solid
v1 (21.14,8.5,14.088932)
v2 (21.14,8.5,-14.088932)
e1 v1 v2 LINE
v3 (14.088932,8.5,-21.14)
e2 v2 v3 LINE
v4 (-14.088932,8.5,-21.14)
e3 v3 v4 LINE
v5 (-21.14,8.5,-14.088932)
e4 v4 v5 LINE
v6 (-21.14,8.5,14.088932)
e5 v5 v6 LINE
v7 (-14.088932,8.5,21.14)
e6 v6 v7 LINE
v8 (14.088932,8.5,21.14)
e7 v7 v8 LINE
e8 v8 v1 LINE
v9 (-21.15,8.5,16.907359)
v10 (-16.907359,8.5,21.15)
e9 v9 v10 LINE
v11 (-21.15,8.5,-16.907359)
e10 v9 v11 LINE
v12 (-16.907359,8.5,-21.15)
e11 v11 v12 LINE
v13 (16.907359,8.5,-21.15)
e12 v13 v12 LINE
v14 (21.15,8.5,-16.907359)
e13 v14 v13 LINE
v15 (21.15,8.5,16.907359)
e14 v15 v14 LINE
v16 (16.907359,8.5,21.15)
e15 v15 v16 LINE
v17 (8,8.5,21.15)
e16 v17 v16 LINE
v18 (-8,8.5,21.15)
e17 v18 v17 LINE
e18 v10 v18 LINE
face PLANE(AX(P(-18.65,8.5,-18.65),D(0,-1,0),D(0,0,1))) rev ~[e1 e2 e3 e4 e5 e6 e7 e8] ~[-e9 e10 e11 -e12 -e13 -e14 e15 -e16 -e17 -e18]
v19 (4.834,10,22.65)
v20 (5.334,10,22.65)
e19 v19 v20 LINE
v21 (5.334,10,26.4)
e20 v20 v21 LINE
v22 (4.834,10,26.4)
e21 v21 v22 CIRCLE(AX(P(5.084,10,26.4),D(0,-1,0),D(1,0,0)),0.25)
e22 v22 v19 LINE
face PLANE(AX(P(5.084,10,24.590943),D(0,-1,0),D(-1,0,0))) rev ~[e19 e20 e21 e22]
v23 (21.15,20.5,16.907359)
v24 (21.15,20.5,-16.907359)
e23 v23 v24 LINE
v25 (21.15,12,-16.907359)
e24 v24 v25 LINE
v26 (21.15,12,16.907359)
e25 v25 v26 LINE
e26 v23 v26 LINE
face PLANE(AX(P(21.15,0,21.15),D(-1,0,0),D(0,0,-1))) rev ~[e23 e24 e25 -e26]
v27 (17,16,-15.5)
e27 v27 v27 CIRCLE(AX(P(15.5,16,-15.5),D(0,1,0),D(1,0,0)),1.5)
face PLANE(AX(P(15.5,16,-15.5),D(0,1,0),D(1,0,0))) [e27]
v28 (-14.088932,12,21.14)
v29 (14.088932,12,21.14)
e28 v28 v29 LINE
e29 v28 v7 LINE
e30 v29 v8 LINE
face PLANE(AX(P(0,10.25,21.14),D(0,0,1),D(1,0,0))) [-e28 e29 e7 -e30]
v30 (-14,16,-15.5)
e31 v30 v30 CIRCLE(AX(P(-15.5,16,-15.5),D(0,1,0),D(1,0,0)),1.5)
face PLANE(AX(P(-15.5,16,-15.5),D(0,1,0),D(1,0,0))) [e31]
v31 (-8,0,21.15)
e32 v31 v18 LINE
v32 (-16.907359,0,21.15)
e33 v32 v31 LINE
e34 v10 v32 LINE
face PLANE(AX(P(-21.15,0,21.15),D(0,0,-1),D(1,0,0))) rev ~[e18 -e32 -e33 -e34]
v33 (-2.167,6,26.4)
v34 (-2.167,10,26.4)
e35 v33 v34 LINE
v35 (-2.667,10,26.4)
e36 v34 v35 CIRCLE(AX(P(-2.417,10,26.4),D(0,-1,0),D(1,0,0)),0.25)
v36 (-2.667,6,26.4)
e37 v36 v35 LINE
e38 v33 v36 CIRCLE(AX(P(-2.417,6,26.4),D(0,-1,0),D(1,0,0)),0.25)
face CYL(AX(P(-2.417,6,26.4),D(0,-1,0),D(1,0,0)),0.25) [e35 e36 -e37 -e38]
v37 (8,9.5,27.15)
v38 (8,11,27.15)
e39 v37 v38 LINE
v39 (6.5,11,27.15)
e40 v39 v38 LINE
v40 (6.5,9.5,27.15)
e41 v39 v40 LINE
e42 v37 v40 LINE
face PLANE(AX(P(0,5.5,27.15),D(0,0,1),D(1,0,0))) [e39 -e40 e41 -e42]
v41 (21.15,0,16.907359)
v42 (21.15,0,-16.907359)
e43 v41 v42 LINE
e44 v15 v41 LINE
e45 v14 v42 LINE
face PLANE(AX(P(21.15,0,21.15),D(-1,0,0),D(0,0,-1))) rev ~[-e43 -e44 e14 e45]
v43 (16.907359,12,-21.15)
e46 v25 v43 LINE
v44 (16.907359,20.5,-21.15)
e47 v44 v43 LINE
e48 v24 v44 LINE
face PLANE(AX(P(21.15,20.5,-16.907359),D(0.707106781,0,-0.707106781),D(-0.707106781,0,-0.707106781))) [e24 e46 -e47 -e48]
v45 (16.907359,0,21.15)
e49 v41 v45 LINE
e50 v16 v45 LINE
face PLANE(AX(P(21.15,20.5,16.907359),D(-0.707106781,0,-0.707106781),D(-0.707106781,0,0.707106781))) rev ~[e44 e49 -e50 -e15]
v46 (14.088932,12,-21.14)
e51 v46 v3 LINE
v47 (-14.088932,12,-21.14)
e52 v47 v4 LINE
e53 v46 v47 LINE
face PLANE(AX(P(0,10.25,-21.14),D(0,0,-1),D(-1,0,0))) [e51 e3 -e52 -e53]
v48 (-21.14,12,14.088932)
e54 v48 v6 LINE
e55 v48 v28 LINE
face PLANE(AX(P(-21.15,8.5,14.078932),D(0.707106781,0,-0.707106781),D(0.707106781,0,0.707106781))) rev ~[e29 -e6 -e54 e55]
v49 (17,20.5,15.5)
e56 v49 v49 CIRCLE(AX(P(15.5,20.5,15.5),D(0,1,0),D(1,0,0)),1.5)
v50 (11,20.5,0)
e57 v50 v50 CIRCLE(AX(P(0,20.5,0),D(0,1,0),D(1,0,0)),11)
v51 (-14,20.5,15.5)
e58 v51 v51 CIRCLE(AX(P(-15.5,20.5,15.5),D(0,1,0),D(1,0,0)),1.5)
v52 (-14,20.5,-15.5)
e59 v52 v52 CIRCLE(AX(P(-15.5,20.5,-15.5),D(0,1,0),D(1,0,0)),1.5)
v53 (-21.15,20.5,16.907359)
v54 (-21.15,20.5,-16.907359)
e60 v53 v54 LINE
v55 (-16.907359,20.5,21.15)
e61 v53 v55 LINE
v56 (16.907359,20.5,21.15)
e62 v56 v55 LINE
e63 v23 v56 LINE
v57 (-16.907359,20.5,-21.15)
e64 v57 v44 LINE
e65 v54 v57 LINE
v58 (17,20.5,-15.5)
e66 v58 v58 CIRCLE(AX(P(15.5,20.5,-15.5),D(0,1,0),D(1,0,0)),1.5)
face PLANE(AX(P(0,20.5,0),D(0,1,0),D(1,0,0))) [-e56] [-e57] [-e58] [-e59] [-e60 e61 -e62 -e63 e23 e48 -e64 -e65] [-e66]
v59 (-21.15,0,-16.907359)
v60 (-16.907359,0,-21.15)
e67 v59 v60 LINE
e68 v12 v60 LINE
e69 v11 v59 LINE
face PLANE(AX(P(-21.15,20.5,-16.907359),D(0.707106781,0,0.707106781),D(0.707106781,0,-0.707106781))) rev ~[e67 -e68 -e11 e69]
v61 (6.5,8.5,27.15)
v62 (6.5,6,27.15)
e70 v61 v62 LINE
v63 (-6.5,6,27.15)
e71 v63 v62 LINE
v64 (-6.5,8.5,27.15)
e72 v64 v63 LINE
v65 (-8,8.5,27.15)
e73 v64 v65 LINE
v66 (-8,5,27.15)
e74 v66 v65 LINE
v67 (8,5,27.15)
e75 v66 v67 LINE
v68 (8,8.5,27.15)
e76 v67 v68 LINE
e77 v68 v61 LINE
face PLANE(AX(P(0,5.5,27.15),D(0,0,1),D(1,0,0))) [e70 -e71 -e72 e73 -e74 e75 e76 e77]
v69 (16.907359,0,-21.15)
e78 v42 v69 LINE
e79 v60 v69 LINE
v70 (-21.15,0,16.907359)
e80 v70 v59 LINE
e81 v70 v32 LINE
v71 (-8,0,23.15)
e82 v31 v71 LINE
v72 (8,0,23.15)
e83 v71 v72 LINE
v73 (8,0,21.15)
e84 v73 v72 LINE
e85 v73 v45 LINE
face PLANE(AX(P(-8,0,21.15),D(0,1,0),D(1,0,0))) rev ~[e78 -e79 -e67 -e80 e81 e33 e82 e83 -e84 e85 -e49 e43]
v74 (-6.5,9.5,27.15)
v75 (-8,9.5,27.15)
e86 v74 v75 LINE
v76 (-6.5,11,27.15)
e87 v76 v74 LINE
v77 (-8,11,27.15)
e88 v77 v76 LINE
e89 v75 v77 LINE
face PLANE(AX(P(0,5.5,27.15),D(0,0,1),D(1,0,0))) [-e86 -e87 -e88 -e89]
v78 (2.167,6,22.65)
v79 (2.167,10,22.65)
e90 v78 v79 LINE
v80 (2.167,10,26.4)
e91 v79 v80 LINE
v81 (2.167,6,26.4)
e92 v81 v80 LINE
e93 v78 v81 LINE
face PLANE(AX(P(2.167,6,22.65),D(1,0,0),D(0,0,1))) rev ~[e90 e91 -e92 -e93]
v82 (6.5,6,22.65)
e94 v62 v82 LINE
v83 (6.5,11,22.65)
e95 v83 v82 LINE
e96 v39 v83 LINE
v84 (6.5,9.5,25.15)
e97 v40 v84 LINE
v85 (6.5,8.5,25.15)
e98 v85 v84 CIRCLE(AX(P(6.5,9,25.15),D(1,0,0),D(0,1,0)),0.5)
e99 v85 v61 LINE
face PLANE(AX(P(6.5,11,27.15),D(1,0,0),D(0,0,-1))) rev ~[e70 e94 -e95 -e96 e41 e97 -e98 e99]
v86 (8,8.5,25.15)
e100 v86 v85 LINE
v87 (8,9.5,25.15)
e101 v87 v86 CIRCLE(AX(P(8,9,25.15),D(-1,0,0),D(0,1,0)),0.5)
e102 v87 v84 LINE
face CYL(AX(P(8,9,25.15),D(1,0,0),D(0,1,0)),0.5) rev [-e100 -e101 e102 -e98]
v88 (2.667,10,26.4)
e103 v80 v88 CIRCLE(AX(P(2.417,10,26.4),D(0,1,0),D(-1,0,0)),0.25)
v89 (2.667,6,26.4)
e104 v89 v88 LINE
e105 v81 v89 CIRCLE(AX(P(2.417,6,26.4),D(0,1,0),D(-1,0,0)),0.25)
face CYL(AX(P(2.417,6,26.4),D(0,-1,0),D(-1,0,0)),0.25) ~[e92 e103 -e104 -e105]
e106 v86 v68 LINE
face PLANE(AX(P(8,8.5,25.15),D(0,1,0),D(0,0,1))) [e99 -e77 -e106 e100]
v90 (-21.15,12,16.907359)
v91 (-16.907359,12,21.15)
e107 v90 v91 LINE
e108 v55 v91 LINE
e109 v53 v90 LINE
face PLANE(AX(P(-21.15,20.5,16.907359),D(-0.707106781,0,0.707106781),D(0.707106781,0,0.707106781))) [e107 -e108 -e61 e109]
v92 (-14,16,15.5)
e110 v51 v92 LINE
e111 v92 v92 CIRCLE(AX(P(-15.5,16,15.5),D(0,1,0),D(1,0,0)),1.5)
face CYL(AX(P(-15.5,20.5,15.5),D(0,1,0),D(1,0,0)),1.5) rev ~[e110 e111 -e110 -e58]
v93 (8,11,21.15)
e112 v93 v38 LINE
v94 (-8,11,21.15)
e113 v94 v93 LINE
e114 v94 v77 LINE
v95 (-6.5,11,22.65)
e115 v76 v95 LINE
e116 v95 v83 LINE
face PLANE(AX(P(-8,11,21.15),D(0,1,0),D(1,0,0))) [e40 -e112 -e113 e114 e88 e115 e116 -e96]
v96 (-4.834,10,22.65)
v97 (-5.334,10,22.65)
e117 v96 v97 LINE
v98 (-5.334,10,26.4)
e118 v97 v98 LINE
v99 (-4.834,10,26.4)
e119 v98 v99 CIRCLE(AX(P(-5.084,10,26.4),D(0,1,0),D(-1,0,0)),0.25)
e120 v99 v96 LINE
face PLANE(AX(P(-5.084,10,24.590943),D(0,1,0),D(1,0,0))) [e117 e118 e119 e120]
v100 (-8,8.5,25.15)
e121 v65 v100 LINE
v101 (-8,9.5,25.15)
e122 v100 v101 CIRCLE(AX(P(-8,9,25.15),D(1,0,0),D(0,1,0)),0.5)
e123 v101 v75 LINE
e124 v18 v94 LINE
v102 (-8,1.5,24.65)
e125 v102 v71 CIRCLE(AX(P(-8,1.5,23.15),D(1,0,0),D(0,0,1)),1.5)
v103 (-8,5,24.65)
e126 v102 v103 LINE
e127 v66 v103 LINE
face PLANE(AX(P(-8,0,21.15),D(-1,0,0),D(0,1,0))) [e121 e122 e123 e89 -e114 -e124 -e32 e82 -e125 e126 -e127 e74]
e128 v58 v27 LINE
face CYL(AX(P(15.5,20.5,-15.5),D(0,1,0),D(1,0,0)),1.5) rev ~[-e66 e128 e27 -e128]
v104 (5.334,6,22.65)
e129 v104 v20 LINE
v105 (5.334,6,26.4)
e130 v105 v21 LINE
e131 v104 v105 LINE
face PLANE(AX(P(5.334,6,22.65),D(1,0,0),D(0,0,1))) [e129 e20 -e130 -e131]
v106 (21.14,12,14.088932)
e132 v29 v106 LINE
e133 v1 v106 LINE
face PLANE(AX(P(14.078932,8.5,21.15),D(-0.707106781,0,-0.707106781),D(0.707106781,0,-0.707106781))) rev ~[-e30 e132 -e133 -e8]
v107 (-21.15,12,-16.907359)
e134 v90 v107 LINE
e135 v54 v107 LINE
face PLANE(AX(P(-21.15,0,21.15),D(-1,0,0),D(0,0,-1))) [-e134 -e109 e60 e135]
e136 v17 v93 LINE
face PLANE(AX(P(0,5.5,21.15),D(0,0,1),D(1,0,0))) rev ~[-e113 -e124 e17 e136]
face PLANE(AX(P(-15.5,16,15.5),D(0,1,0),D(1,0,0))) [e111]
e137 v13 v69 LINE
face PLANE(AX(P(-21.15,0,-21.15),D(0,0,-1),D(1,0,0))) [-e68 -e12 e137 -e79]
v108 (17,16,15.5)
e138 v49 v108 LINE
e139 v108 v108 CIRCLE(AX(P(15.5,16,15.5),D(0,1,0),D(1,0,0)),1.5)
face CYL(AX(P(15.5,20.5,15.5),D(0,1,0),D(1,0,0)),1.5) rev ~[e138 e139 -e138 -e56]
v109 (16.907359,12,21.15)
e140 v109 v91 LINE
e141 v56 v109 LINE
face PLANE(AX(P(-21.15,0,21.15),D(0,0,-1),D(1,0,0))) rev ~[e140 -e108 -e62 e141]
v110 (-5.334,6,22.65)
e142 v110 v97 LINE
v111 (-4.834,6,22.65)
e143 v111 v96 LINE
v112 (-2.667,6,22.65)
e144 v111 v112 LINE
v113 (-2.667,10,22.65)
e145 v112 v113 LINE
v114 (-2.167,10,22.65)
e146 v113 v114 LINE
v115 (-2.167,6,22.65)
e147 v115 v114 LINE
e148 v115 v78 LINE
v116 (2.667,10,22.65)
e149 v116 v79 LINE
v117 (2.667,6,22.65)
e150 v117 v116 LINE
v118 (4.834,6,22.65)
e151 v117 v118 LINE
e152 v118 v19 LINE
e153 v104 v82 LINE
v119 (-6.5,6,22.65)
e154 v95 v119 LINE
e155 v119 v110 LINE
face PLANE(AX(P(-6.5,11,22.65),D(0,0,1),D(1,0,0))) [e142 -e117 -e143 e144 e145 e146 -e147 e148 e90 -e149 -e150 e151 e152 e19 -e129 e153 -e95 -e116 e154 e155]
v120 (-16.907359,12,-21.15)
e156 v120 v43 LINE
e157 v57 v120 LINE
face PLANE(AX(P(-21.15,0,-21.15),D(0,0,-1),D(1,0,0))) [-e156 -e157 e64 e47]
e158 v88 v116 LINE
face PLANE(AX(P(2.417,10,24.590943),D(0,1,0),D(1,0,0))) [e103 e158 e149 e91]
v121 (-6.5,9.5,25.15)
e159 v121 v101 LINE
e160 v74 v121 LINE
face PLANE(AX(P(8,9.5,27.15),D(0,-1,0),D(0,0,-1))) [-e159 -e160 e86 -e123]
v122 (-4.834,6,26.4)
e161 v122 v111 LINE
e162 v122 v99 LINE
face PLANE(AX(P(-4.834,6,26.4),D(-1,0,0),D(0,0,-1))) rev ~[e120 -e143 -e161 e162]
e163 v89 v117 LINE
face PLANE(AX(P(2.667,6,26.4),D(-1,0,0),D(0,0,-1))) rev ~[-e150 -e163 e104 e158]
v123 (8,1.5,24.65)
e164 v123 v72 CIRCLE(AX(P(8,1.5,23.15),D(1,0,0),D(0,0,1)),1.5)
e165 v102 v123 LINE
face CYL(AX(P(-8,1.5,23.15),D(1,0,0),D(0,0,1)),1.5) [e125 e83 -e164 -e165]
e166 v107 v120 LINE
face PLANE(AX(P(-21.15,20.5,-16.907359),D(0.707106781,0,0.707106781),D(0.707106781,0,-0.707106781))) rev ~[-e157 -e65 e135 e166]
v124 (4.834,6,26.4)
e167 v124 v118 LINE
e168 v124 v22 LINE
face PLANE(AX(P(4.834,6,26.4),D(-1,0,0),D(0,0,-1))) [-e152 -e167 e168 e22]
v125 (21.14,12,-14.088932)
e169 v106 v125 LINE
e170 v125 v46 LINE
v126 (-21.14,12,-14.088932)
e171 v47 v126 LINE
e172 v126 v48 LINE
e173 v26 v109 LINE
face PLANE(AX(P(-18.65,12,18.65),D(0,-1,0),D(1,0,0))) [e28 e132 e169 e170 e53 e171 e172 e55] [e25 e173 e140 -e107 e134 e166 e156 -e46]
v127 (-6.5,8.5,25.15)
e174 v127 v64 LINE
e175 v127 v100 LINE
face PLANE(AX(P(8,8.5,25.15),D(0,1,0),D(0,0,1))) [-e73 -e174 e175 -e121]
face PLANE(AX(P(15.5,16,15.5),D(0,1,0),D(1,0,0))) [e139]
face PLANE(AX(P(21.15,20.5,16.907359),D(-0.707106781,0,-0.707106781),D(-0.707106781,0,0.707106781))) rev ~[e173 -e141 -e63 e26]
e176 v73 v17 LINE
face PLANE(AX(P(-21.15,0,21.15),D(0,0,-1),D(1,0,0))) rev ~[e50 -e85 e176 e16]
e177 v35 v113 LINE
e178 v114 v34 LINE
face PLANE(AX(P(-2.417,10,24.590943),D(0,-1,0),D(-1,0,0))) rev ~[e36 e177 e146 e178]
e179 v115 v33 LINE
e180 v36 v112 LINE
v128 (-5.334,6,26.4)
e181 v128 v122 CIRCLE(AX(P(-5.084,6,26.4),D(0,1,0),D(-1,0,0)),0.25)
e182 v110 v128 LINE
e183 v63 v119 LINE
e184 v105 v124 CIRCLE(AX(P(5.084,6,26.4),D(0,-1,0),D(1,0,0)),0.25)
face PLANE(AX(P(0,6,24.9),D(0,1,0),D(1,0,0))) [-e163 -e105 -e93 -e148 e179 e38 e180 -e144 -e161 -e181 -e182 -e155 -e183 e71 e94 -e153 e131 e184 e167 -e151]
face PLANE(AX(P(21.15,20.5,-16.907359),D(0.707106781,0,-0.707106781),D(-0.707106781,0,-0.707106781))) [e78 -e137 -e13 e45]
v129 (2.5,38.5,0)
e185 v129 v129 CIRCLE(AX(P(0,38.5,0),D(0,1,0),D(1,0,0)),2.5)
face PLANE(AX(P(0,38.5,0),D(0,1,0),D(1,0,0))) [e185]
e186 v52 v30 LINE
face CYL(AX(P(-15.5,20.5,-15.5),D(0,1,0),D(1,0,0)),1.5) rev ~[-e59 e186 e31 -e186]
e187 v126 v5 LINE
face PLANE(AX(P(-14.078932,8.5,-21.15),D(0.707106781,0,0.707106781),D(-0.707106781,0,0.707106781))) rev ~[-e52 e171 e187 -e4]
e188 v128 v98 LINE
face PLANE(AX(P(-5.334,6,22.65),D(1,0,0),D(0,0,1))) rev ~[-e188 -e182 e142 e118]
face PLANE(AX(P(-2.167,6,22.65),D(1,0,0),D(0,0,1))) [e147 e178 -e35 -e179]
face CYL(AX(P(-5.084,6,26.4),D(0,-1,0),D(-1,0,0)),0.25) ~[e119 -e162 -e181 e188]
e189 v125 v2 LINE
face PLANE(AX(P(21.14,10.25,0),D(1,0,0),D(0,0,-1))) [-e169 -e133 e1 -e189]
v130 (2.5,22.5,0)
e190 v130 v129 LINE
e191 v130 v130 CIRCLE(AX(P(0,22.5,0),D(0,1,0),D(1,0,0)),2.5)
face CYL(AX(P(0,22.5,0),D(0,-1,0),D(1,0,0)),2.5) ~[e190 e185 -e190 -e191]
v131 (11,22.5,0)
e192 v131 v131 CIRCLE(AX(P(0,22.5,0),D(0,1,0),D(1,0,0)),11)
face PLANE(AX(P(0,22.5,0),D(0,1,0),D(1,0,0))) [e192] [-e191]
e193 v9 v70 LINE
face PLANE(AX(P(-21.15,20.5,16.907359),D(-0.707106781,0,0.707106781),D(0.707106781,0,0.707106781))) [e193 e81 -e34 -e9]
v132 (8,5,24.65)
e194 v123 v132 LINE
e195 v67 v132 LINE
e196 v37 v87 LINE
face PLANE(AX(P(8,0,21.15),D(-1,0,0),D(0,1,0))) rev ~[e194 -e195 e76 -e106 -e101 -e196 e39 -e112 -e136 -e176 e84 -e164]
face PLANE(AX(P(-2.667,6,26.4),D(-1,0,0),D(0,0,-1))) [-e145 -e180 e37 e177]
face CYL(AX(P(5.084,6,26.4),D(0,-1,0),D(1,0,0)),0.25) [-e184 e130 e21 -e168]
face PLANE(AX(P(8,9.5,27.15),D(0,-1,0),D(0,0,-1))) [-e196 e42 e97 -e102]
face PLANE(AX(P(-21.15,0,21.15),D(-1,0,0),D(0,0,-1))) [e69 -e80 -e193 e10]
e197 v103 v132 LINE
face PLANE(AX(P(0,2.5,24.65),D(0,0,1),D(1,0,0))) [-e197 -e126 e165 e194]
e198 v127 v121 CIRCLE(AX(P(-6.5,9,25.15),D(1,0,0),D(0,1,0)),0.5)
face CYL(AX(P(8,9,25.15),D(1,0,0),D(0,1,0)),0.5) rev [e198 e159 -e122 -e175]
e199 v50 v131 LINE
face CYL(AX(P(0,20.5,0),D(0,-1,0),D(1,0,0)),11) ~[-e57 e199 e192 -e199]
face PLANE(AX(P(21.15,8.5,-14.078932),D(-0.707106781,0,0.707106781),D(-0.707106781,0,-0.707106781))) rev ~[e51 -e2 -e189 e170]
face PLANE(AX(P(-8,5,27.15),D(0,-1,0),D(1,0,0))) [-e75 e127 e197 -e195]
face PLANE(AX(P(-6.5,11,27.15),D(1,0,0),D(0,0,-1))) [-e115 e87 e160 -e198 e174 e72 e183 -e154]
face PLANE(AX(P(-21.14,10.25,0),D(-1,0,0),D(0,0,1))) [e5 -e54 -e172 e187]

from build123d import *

# Parameters (mm, degrees)
SKETCH1_W               = 42.3
SKETCH1_H               = 42.3
BOSS_EXTRUDE1_DEPTH     = 20.5
SKETCH2_R               = 11
BOSS_EXTRUDE2_DEPTH     = 2
SKETCH3_R               = 2.5
BOSS_EXTRUDE3_DEPTH     = 16
CUT_EXTRUDE1_DEPTH      = 19
CUT_EXTRUDE1_DEPTH_BACK = 21.5
SKETCH5_W               = 33.814718626
SKETCH5_H               = 3.5
CUT_EXTRUDE2_DEPTH      = 0.01
CUT_EXTRUDE3_START      = -12
CUT_EXTRUDE3_DEPTH      = 3.5
CIRPATTERN1_COUNT       = 4
SKETCH7_R               = 1.5
CUT_EXTRUDE4_DEPTH      = 4.5
SKETCH8_W               = 16
SKETCH8_H               = 11
BOSS_EXTRUDE4_DEPTH     = 6
SKETCH9_W               = 16
SKETCH9_H               = 5
CUT_EXTRUDE5_DEPTH      = 2.5
FILLET1_R               = 1.5
SKETCH10_W              = 13
SKETCH10_H              = 4.5
CUT_EXTRUDE6_DEPTH      = 5
CUT_EXTRUDE7_DEPTH      = 30.15
BOSS_EXTRUDE5_DEPTH     = 4


with BuildPart() as part:
    # Sketch1 → Boss-Extrude1 (new body)
    with BuildSketch(Plane(origin=(0, 0, 0), x_dir=(1, 0, 0), z_dir=(0, 1, 0))):
        Rectangle(SKETCH1_W, SKETCH1_H)
    extrude(amount=BOSS_EXTRUDE1_DEPTH)

    # Sketch2 → Boss-Extrude2 (add)
    with BuildSketch(Plane(origin=(0, 20.5, 0), x_dir=(1, 0, 0), z_dir=(0, 1, 0))):
        Circle(SKETCH2_R)
    extrude(amount=BOSS_EXTRUDE2_DEPTH)

    # Sketch3 → Boss-Extrude3 (add)
    with BuildSketch(Plane(origin=(0, 22.5, 0), x_dir=(1, 0, 0), z_dir=(0, 1, 0))):
        Circle(SKETCH3_R)
    extrude(amount=BOSS_EXTRUDE3_DEPTH)

    # Sketch4 → Cut-Extrude1 (cut, two sides)
    with BuildSketch(Plane(origin=(0, 20.5, 0), x_dir=(1, 0, 0), z_dir=(0, 1, 0))) as cut_extrude1_sk:
        Polygon((-21.15, 16.907359313), (-16.907359313, 21.15), (-21.15, 21.15), align=None)
        Polygon((21.15, 21.15), (21.15, 16.907359313), (16.907359313, 21.15), align=None)
        Polygon((21.15, -16.907359313), (16.907359313, -21.15), (21.15, -21.15), align=None)
        Polygon((-21.15, -21.15), (-21.15, -16.907359313), (-16.907359313, -21.15), align=None)
    extrude(amount=CUT_EXTRUDE1_DEPTH, mode=Mode.SUBTRACT)
    extrude(cut_extrude1_sk.sketch, amount=-CUT_EXTRUDE1_DEPTH_BACK, mode=Mode.SUBTRACT)

    # Sketch5 → Cut-Extrude2 (cut)
    with BuildSketch(Plane(origin=(21.15, 0, 0), x_dir=(0, 0, -1), z_dir=(1, 0, 0))):
        with Locations((0, 10.25)):
            Rectangle(SKETCH5_W, SKETCH5_H)
    cut_extrude2 = extrude(amount=-CUT_EXTRUDE2_DEPTH, mode=Mode.SUBTRACT)

    # Sketch6 → Cut-Extrude3 (cut)
    with BuildSketch(Plane(origin=(0, 20.5, 0), x_dir=(1, 0, 0), z_dir=(0, 1, 0)).offset(CUT_EXTRUDE3_START)):
        Polygon((21.15, 14.078932188), (14.078932188, 21.15), (21.15, 21.15), align=None)
    cut_extrude3 = extrude(amount=CUT_EXTRUDE3_DEPTH, mode=Mode.SUBTRACT)

    # CirPattern1: Cut-Extrude2, Cut-Extrude3 ×4 about axis
    cirpattern1_axis = Axis((0, 0, 0), (0, 1, 0))
    for i in range(1, CIRPATTERN1_COUNT):
        add(cut_extrude2.rotate(cirpattern1_axis, i * 360 / CIRPATTERN1_COUNT), mode=Mode.SUBTRACT)
        add(cut_extrude3.rotate(cirpattern1_axis, i * 360 / CIRPATTERN1_COUNT), mode=Mode.SUBTRACT)

    # Sketch7 → Cut-Extrude4 (cut)
    with BuildSketch(Plane(origin=(0, 20.5, 0), x_dir=(1, 0, 0), z_dir=(0, 1, 0))):
        with Locations((15.5, 15.5)):
            Circle(SKETCH7_R)
        with Locations((15.5, -15.5)):
            Circle(SKETCH7_R)
        with Locations((-15.5, -15.5)):
            Circle(SKETCH7_R)
        with Locations((-15.5, 15.5)):
            Circle(SKETCH7_R)
    extrude(amount=-CUT_EXTRUDE4_DEPTH, mode=Mode.SUBTRACT)

    # Sketch8 → Boss-Extrude4 (add)
    with BuildSketch(Plane.XY.offset(21.15)):
        with Locations((0, 5.5)):
            Rectangle(SKETCH8_W, SKETCH8_H)
    extrude(amount=BOSS_EXTRUDE4_DEPTH)

    # Sketch9 → Cut-Extrude5 (cut)
    with BuildSketch(Plane.XY.offset(27.15)):
        with Locations((0, 2.5)):
            Rectangle(SKETCH9_W, SKETCH9_H)
    extrude(amount=-CUT_EXTRUDE5_DEPTH, mode=Mode.SUBTRACT)

    # Fillet1
    fillet1_edges = [part.edges().sort_by_distance(p)[0] for p in [
        (0, 0, 24.65),
    ]]
    fillet(fillet1_edges, radius=FILLET1_R)

    # Sketch10 → Cut-Extrude6 (cut)
    with BuildSketch(Plane(origin=(0, 11, 0), x_dir=(1, 0, 0), z_dir=(0, 1, 0))):
        with Locations((0, -24.9)):
            Rectangle(SKETCH10_W, SKETCH10_H)
    extrude(amount=-CUT_EXTRUDE6_DEPTH, mode=Mode.SUBTRACT)

    # Sketch11 → Cut-Extrude7 (cut, through all)
    with BuildSketch(Plane(origin=(8, 0, 0), x_dir=(0, 0, -1), z_dir=(1, 0, 0))):
        with BuildLine():
            Line((-27.15, 9.5), (-25.15, 9.5))
            ThreePointArc((-25.15, 9.5), (-24.65, 9), (-25.15, 8.5))
            Line((-25.15, 8.5), (-27.15, 8.5))
            Line((-27.15, 8.5), (-27.15, 9.5))
        make_face()
    extrude(amount=-CUT_EXTRUDE7_DEPTH, mode=Mode.SUBTRACT)

    # Sketch12 → Boss-Extrude5 (add)
    with BuildSketch(Plane(origin=(0, 6, 0), x_dir=(1, 0, 0), z_dir=(0, 1, 0))):
        with BuildLine():
            Line((-2.667, -22.65), (-2.167, -22.65))
            Line((-2.167, -22.65), (-2.167, -26.4))
            ThreePointArc((-2.167, -26.4), (-2.417, -26.65), (-2.667, -26.4))
            Line((-2.667, -26.4), (-2.667, -22.65))
        make_face()
        with BuildLine():
            Line((5.334, -22.65), (5.334, -26.4))
            ThreePointArc((5.334, -26.4), (5.084, -26.65), (4.834, -26.4))
            Line((4.834, -26.4), (4.834, -22.65))
            Line((4.834, -22.65), (5.334, -22.65))
        make_face()
        with BuildLine():
            Line((-4.834, -22.65), (-5.334, -22.65))
            Line((-5.334, -22.65), (-5.334, -26.4))
            ThreePointArc((-5.334, -26.4), (-5.084, -26.65), (-4.834, -26.4))
            Line((-4.834, -26.4), (-4.834, -22.65))
        make_face()
        with BuildLine():
            Line((2.167, -22.65), (2.167, -26.4))
            ThreePointArc((2.167, -26.4), (2.417, -26.65), (2.667, -26.4))
            Line((2.667, -26.4), (2.667, -22.65))
            Line((2.667, -22.65), (2.167, -22.65))
        make_face()
    extrude(amount=BOSS_EXTRUDE5_DEPTH)


solid = part.part
